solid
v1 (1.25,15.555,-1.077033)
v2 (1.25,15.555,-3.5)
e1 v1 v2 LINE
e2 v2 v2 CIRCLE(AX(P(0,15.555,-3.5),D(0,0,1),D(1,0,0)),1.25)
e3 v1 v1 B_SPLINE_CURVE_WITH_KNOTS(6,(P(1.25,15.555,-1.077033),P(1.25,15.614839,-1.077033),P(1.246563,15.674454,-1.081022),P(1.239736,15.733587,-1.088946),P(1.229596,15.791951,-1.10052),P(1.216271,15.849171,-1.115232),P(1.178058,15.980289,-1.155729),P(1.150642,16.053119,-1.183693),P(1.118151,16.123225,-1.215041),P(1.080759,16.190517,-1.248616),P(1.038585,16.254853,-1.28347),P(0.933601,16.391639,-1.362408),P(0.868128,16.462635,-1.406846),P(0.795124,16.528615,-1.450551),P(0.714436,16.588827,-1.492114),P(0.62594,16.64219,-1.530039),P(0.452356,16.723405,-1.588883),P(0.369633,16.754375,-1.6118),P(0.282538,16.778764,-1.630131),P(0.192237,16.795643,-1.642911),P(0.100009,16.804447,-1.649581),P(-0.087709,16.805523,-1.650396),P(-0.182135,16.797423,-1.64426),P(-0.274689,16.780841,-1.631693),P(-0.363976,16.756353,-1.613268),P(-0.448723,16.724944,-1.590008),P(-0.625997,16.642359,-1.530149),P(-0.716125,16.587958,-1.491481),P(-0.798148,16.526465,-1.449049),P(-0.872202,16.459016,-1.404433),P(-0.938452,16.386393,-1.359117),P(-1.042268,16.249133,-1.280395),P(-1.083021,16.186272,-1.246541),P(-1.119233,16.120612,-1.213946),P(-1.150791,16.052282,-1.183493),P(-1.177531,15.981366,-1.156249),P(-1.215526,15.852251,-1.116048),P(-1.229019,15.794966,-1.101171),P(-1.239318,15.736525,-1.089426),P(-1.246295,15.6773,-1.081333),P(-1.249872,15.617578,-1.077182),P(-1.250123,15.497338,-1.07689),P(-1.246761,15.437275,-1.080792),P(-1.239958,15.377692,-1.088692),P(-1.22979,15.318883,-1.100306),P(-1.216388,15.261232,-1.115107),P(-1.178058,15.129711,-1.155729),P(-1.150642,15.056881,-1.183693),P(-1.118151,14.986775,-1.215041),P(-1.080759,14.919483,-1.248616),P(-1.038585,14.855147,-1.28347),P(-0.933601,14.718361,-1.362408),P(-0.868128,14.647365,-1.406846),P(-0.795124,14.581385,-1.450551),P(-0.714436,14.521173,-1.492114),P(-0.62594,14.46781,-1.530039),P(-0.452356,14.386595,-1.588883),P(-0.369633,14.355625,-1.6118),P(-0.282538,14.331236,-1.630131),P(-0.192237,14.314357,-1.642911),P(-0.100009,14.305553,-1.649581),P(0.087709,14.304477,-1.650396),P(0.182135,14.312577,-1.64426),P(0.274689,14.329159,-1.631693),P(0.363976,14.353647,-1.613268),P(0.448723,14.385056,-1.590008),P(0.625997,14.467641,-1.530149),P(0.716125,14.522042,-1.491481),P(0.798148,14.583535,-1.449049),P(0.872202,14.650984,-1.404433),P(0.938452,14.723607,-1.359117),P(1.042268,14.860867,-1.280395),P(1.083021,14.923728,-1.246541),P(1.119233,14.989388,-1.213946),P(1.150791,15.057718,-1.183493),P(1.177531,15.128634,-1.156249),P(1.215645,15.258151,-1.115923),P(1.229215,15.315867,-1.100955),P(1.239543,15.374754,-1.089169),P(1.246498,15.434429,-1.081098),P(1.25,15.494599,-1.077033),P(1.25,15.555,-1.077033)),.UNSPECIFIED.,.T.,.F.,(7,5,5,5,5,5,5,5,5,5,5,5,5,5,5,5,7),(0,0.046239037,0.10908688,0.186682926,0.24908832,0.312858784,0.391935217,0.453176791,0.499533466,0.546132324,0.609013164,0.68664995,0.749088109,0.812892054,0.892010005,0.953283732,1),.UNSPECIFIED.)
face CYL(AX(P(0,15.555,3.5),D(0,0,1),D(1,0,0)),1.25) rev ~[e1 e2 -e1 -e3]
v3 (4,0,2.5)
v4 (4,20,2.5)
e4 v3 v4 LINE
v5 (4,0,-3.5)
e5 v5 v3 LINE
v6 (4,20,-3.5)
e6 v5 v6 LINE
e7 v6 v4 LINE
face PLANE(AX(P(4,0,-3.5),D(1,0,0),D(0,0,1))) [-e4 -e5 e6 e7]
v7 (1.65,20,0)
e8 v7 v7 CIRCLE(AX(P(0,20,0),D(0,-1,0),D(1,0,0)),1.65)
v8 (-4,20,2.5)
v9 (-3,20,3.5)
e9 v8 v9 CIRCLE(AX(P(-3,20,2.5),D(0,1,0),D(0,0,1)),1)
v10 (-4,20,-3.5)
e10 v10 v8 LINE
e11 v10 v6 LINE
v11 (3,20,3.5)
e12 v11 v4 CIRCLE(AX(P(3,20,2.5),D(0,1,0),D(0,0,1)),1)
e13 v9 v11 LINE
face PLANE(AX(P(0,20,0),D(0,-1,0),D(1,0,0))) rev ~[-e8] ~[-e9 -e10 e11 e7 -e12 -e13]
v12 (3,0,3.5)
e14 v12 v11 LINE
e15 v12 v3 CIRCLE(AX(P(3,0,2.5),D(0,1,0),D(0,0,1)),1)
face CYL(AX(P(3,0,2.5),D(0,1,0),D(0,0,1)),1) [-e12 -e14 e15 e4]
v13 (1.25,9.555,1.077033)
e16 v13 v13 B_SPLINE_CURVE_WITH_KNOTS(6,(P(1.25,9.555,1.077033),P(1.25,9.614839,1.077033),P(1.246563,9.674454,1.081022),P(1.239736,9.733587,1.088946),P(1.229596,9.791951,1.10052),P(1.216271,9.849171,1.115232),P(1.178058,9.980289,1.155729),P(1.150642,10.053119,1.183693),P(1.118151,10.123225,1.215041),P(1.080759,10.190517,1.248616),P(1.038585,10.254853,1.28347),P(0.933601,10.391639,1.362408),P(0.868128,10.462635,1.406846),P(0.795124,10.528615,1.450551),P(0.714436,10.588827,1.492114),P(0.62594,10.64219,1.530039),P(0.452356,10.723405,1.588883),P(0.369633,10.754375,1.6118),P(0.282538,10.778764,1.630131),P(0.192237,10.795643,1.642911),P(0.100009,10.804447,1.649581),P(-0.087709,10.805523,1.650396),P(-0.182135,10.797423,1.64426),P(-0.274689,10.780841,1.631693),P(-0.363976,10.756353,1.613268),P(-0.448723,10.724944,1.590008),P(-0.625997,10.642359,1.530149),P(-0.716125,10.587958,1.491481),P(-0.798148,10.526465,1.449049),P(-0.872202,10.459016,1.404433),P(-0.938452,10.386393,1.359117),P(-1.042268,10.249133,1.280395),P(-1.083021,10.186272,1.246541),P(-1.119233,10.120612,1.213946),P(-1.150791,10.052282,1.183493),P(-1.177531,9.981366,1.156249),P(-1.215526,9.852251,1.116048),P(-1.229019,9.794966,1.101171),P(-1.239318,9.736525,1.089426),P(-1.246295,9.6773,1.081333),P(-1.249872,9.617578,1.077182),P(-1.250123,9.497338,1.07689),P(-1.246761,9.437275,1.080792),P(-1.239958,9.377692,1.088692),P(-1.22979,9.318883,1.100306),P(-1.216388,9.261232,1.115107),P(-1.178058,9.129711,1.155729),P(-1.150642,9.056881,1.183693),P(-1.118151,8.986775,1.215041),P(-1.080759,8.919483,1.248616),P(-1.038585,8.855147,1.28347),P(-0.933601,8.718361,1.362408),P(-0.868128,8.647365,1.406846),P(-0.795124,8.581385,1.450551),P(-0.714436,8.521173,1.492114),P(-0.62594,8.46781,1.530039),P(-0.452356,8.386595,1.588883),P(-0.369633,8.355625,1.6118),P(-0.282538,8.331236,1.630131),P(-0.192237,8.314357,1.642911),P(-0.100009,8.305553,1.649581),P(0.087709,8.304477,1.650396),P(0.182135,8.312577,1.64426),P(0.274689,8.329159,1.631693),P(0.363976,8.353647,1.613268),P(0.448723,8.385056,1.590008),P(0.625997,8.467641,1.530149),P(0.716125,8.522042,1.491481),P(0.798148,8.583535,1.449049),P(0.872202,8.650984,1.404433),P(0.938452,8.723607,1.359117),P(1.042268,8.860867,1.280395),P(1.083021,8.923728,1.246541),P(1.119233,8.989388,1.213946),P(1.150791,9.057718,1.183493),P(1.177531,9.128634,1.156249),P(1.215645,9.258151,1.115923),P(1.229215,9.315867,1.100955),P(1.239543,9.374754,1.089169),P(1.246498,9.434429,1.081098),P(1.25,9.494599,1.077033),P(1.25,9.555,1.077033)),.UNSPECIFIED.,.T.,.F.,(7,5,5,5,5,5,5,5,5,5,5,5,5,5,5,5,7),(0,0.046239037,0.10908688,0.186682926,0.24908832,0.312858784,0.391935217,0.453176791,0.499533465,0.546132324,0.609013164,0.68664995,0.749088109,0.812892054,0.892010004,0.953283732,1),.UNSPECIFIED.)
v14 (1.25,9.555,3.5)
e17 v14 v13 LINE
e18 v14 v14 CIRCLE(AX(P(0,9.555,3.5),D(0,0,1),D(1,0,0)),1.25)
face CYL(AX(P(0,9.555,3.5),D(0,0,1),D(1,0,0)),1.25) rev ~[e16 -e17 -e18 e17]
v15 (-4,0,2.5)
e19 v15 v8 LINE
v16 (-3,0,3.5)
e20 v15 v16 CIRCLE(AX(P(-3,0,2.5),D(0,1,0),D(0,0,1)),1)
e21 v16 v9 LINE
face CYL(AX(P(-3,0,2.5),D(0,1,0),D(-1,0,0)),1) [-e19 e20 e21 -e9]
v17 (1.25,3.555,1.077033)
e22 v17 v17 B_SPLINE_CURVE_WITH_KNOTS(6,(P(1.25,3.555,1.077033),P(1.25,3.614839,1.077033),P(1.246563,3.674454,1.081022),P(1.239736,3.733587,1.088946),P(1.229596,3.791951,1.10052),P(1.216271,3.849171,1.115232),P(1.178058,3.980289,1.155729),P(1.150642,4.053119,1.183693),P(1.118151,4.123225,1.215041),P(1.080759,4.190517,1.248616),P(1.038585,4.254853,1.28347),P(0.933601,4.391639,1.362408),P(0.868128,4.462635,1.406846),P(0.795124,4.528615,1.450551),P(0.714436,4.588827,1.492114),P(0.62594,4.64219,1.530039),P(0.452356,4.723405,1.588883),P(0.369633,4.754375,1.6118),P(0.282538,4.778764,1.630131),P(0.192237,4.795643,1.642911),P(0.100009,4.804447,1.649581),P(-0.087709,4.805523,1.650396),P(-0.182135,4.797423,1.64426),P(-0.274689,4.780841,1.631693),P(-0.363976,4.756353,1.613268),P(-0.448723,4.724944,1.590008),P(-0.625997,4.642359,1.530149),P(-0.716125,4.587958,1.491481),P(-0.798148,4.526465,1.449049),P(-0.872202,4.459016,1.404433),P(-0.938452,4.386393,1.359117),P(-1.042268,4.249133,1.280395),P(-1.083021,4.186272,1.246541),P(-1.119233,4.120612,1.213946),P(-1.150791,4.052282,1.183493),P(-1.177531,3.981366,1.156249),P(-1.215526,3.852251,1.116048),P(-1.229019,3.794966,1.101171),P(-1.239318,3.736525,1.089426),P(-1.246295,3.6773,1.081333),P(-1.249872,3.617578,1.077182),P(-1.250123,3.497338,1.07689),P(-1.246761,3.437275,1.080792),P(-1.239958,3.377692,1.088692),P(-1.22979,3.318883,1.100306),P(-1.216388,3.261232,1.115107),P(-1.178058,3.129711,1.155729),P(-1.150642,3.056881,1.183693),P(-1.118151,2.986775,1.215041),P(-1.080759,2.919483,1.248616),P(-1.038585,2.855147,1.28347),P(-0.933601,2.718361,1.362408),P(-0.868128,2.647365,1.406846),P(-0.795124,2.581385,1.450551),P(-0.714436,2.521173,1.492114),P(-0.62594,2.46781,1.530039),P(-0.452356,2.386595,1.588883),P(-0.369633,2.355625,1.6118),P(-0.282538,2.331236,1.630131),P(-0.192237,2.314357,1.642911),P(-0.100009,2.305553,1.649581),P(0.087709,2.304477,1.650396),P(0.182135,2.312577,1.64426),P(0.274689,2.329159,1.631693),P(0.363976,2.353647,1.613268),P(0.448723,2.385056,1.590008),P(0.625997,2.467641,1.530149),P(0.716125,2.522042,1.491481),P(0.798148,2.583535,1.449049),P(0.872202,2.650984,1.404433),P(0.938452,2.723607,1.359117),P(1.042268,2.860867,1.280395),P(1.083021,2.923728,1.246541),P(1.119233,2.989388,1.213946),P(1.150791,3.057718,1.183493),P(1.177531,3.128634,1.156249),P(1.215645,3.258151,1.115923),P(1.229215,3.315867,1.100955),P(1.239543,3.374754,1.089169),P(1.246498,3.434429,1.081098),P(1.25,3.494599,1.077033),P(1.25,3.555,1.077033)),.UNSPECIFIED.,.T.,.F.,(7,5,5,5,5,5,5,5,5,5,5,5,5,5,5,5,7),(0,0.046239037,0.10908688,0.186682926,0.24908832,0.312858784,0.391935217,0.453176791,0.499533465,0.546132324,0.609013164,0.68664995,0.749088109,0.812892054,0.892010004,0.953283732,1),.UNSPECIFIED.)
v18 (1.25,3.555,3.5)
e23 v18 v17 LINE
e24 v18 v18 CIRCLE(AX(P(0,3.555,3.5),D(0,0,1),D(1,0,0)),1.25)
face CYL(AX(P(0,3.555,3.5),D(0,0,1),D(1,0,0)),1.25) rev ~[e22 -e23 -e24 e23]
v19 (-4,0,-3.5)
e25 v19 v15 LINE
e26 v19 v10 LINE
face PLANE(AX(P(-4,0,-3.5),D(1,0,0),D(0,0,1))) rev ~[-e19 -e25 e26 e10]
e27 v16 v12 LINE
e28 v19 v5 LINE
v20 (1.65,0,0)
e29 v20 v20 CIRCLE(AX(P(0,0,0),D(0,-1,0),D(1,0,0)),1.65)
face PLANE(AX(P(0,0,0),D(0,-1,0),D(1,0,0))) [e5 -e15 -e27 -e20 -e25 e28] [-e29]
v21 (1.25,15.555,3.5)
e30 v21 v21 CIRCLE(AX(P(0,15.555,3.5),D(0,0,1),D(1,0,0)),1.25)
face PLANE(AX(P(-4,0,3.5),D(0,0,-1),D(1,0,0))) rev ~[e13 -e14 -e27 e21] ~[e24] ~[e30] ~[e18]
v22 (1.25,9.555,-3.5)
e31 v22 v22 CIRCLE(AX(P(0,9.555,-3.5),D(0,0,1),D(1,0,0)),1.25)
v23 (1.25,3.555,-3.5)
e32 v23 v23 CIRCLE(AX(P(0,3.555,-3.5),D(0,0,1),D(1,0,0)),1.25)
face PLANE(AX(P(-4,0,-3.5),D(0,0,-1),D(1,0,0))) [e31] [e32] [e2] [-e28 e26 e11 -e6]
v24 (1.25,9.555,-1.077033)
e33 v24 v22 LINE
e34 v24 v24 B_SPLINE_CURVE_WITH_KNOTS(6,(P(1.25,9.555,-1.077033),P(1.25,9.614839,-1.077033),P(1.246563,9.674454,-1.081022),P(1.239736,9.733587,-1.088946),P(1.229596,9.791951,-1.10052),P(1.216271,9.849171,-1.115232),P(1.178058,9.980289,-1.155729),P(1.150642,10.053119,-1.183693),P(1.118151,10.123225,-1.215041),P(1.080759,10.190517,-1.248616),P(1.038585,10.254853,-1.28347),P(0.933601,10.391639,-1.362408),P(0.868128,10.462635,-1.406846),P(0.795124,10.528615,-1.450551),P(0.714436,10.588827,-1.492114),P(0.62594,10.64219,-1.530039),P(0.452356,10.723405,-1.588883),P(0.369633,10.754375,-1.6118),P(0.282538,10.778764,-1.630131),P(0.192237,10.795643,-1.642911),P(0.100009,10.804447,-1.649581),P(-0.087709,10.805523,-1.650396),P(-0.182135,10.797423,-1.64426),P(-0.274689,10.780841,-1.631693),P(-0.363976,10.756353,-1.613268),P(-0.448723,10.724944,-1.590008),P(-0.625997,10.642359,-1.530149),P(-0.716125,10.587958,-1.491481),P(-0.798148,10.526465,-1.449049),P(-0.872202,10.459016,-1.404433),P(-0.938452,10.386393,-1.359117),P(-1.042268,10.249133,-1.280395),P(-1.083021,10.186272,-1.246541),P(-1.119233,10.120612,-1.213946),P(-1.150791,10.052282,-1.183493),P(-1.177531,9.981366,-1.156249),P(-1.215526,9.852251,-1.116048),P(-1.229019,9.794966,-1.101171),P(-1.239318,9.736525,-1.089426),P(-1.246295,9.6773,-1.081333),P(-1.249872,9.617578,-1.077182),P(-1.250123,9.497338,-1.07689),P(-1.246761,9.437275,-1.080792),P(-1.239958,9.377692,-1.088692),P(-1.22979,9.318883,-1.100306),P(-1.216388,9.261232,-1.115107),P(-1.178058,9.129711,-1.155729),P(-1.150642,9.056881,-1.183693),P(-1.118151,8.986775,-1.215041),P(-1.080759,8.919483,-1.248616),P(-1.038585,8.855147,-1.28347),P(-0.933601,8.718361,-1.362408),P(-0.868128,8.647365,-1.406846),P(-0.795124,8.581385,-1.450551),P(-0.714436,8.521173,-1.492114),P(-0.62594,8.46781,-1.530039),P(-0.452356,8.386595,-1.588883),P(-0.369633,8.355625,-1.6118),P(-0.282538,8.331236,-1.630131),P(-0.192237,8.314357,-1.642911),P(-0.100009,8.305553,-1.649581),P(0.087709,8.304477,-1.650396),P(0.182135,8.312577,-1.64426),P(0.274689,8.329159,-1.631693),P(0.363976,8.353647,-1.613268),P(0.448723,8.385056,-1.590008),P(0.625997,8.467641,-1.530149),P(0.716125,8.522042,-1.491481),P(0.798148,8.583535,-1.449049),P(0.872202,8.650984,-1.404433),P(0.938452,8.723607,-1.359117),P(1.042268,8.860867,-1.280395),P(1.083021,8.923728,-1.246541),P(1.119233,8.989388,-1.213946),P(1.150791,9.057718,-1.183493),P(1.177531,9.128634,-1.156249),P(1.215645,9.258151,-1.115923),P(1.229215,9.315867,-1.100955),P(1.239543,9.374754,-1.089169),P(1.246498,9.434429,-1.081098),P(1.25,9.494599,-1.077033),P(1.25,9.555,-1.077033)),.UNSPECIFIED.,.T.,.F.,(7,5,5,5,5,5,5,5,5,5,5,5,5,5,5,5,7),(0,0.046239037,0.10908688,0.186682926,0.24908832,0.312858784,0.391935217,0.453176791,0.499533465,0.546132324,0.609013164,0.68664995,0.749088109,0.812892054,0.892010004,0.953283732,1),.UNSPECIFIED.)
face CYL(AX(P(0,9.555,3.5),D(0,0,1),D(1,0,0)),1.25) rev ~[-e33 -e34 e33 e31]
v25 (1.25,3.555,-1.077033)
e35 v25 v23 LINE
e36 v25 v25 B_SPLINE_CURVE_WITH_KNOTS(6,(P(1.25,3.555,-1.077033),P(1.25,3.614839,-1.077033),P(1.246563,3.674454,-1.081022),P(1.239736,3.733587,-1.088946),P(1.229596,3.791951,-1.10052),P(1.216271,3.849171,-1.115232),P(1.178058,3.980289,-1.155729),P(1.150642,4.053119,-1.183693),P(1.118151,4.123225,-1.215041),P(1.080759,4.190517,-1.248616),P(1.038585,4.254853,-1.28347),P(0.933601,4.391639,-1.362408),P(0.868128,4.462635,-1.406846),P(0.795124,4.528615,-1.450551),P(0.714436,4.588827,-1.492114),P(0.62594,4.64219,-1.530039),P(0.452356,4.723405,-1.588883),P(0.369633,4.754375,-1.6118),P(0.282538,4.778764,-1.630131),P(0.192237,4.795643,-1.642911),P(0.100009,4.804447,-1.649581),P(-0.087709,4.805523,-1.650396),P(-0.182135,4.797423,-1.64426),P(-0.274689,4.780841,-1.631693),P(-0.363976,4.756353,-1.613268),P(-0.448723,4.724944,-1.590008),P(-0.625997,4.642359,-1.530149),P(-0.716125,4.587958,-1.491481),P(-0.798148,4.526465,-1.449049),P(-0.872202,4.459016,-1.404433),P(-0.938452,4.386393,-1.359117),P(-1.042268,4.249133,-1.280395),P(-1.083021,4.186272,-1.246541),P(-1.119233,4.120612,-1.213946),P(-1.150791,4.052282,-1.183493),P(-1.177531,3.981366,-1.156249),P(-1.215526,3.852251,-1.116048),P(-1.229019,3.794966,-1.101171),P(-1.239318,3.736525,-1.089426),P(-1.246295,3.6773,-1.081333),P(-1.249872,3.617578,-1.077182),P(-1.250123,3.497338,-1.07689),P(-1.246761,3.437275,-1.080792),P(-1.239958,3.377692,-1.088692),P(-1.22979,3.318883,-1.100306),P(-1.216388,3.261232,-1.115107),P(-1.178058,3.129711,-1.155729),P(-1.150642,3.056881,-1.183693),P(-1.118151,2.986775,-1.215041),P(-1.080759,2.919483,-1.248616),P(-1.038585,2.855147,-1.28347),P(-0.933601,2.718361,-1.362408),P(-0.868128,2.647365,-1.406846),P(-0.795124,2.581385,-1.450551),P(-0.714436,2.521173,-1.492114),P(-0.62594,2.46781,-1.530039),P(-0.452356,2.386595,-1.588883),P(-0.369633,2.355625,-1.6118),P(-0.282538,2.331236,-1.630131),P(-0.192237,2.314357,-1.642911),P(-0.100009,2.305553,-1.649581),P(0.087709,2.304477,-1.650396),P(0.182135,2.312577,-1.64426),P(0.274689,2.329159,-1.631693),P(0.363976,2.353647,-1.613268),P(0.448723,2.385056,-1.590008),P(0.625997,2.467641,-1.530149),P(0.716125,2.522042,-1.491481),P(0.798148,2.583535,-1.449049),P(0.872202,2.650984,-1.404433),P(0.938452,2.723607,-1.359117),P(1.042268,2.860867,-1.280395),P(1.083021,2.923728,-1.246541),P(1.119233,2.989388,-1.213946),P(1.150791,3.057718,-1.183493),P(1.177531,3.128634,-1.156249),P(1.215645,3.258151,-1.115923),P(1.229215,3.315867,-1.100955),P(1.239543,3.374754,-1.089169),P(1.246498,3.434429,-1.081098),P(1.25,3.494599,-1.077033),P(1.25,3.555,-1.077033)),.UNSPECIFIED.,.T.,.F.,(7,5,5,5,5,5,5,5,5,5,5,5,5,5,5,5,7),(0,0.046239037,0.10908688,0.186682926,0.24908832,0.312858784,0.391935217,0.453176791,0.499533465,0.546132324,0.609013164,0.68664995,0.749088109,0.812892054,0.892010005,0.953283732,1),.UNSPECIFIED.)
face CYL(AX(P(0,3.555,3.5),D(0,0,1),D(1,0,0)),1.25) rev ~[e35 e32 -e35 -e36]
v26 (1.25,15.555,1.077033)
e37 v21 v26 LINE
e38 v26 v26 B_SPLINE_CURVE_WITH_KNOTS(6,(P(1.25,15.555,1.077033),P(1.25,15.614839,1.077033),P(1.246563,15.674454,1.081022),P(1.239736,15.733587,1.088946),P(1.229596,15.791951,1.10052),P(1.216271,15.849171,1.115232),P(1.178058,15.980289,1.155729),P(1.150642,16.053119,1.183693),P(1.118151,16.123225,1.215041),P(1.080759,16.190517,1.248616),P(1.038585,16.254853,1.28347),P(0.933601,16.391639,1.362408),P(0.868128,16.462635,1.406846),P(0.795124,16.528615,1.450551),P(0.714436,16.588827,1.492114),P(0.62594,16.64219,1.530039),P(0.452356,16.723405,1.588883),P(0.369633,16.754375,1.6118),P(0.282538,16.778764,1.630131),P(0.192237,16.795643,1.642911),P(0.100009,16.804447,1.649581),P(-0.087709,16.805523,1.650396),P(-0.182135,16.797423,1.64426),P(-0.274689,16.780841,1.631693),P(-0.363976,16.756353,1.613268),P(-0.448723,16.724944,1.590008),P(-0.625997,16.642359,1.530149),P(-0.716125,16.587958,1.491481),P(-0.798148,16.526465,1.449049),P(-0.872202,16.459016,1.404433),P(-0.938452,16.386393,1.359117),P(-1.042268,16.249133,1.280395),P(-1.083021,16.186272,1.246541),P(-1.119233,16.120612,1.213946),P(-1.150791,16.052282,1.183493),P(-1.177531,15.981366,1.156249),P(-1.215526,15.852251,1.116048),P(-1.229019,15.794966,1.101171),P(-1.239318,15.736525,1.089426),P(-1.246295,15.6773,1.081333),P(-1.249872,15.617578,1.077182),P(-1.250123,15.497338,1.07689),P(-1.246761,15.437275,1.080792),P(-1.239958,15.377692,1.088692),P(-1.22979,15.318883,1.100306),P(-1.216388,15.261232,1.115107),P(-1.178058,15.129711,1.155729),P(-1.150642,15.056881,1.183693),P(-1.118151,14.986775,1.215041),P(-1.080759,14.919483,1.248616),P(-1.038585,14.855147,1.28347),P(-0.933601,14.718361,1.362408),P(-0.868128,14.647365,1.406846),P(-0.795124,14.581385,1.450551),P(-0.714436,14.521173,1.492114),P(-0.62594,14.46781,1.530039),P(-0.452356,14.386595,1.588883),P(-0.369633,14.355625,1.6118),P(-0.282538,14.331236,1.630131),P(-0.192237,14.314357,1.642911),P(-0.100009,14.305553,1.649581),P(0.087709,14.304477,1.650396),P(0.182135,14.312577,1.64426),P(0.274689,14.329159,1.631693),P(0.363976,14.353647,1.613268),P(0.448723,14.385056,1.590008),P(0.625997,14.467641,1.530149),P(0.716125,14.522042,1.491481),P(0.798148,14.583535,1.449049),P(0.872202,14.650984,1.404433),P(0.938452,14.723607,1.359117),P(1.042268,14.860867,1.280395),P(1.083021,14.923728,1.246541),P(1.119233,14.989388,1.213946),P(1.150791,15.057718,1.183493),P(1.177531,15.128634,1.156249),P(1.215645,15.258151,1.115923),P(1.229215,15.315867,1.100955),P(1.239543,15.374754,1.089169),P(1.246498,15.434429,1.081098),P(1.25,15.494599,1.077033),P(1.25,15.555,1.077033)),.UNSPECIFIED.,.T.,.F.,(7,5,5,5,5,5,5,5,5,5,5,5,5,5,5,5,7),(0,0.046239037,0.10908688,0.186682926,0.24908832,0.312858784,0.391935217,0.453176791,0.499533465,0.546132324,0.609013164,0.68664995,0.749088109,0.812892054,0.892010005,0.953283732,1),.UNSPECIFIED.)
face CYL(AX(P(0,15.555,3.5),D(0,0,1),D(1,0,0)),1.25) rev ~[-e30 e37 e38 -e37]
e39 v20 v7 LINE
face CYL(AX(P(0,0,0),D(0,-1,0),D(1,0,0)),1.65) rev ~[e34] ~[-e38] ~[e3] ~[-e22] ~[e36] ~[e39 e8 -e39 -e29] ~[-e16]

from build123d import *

# Parameters (mm, degrees)
F0_W     = 8
F0_H     = 7
F0_R     = 1.65
F1_DEPTH = 20
F2_R     = 1.25
F3_DEPTH = 7.001
F4_R     = 1


with BuildPart() as f1:
    # F0 (on Front) → F1 (new body)
    with BuildSketch(Plane.XZ):
        Rectangle(F0_W, F0_H)
        Circle(F0_R, mode=Mode.SUBTRACT)
    extrude(amount=-F1_DEPTH)

    # F2 (on face) → F3 (cut, through all)
    with BuildSketch(Plane.XY.offset(3.5)):
        with Locations((0, 15.555)):
            Circle(F2_R)
        with Locations((0, 9.555)):
            Circle(F2_R)
        with Locations((0, 3.555)):
            Circle(F2_R)
    extrude(amount=-F3_DEPTH, mode=Mode.SUBTRACT)

    # F4
    f4_edges = [f1.edges().sort_by_distance(p)[0] for p in [
        (4, 10, 3.5),
        (-4, 10, 3.5),
    ]]
    fillet(f4_edges, radius=F4_R)


solid = f1.part
